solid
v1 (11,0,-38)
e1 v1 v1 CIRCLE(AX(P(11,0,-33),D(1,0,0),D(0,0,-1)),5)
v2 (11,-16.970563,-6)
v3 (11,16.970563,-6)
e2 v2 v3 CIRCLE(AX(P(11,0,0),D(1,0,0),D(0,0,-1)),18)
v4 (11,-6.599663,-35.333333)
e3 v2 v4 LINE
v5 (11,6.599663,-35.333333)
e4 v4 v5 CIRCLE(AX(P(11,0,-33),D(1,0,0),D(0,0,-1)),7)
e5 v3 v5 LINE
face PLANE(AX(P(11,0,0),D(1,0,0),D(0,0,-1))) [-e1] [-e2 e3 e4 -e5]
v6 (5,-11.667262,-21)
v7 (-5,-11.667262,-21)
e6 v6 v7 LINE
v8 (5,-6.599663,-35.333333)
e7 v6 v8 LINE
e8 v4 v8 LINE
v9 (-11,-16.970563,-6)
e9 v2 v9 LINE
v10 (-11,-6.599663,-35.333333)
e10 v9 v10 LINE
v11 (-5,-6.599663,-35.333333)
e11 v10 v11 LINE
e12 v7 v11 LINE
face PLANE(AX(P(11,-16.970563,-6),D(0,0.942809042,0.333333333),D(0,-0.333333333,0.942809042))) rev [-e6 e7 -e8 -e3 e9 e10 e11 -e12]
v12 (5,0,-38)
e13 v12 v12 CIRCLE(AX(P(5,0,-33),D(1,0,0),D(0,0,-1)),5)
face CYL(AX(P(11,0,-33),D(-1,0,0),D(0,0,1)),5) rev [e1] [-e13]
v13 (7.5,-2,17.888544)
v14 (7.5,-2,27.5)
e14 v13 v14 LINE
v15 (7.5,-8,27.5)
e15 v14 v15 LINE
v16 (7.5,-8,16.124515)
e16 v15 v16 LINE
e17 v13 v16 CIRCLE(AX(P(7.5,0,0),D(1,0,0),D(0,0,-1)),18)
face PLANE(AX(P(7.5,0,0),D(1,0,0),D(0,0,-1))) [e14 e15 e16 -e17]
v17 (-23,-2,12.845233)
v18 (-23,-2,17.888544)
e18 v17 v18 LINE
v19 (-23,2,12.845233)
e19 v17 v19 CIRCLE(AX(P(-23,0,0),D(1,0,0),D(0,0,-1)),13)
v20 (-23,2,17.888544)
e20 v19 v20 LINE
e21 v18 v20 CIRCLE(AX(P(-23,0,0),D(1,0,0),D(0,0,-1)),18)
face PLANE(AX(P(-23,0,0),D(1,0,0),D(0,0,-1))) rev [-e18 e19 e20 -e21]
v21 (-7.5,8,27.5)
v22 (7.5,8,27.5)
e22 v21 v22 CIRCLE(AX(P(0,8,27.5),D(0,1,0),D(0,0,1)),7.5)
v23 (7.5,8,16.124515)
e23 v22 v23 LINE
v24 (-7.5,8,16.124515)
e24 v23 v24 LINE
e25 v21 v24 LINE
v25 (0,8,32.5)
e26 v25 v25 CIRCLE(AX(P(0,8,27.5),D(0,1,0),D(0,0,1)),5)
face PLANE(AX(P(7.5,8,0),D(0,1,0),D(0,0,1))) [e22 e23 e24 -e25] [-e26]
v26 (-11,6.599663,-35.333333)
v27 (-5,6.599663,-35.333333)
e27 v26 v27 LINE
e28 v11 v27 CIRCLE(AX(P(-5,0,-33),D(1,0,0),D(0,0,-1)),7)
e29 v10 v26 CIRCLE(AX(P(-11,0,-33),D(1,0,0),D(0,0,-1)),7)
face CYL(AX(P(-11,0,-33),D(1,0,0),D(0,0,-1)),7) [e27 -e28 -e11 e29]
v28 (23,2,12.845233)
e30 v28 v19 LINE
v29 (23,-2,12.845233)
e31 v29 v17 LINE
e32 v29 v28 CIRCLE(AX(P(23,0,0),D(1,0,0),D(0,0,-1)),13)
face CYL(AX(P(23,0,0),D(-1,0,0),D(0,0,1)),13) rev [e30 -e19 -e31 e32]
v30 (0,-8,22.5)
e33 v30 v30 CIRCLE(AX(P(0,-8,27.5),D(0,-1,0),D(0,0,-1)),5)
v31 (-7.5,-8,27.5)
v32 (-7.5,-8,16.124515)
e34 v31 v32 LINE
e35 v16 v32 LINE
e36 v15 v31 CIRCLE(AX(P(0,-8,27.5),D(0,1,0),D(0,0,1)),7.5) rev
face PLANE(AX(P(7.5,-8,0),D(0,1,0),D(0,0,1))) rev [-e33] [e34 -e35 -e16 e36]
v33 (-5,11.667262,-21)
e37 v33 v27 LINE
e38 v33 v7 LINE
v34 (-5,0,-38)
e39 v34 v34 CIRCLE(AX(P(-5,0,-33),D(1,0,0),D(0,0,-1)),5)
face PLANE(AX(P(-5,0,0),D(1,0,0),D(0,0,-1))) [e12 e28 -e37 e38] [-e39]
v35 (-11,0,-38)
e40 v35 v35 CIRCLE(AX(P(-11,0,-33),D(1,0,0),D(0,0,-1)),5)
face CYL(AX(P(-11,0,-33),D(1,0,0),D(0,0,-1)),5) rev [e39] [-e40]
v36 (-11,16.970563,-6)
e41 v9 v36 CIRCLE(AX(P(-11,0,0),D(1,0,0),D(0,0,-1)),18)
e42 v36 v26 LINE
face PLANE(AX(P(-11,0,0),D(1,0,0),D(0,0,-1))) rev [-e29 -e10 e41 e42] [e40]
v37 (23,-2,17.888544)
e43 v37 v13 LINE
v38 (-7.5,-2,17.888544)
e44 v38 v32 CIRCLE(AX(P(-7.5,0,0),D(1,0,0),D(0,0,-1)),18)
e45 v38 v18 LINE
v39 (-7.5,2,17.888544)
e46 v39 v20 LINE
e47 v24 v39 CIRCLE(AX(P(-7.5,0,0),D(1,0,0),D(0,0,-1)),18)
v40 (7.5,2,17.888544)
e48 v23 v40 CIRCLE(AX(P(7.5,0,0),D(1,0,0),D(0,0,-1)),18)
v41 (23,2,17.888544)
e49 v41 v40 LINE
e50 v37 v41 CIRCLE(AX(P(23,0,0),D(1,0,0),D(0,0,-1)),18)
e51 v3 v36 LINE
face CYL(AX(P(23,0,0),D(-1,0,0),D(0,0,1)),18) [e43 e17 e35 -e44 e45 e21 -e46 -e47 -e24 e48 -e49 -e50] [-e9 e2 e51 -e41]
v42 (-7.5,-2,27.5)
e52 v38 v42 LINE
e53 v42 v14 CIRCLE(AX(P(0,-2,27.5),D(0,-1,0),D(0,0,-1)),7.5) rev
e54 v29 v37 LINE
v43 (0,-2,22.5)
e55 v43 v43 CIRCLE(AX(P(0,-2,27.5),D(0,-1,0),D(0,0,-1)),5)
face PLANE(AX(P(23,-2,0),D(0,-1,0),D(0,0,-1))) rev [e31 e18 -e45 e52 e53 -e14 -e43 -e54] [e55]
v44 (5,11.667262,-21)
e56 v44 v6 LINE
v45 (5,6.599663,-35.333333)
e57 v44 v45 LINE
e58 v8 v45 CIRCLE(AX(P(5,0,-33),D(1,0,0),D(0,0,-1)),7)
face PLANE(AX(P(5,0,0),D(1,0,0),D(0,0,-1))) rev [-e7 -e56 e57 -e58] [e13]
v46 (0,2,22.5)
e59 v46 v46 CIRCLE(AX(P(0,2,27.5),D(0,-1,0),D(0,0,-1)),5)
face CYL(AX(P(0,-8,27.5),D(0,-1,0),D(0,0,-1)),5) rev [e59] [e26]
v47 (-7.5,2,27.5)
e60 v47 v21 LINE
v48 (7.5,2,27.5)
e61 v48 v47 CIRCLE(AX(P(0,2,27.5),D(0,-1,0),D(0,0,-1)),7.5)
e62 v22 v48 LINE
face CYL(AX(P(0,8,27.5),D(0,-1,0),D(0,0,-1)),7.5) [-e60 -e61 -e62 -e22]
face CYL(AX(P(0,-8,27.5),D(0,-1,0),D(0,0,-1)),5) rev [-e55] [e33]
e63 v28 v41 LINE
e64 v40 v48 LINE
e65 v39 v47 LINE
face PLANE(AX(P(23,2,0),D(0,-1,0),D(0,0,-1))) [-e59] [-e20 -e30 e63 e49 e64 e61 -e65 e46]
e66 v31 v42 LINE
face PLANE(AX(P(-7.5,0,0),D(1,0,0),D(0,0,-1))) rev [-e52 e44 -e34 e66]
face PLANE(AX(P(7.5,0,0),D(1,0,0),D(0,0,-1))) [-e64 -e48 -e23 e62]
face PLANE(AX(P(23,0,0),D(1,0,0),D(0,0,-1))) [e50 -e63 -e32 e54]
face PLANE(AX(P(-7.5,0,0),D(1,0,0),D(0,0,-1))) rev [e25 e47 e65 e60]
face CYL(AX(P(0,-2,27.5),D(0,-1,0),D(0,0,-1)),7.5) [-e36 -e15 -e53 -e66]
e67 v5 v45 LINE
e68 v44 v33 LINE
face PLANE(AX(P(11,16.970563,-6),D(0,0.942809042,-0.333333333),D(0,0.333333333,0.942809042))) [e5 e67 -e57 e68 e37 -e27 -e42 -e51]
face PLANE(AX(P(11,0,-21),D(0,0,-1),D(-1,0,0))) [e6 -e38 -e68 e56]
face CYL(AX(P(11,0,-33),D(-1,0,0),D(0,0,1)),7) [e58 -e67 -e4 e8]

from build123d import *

# Parameters (mm, degrees)
BOSS_EXTRUDE1_DEPTH    = 23
BOSS_EXTRUDE2_DEPTH    = 11
BOSS_EXTRUDE3_START    = 5
SKETCH1_4_R            = 5.000000000000004
BOSS_EXTRUDE3_DEPTH    = 6
BOSS_EXTRUDE4_START    = -11
SKETCH1_5_R            = 5.000000000000004
BOSS_EXTRUDE4_DEPTH    = 6
BOSS_EXTRUDE5_DEPTH    = 7.5
FILLET1_RADIUS         = 7.5
FILLET1_LENGTH         = 6
FILLET2_RADIUS         = 7.5
FILLET2_LENGTH         = 6
F_10_0MM_DOWEL_HOLE1_D = 10


with BuildPart() as part:
    # Sketch1 → Boss-Extrude1 (new, symmetric)
    with BuildSketch(Plane(origin=(0, 0, 0), x_dir=(0, 0, -1), z_dir=(1, 0, 0))):
        with BuildLine():
            ThreePointArc((18, 0), (14.696938456699069, 10.392304845413266), (5.999999999999998, 16.97056274847714))
            ThreePointArc((5.999999999999998, 16.97056274847714), (-6.763446053329629, 16.68100109357049), (-16.1245154965971, 8.000000000000002))
            ThreePointArc((-16.1245154965971, 8.000000000000002), (-17.269106839051002, 5.077198930654761), (-17.888543819998286, 2.0000000000002958))
            Line((-17.888543819998254, 1.9999999999999998), (-12.845232578665128, 2.0000000000000004))
            ThreePointArc((-12.845232578665128, 2.0000000000000018), (1.0029896503337725, 12.96125039343517), (13, 0))
            ThreePointArc((13, -3.18e-15), (1.0029896503337692, -12.96125039343517), (-12.84523257866513, -1.9999999999999987))
            Line((-12.845232578665128, -2.0000000000000004), (-17.888543819998254, -1.9999999999999998))
            ThreePointArc((-17.888543819998286, -2.0000000000002918), (-17.269106839051005, -5.077198930654757), (-16.124515496597102, -7.999999999999997))
            ThreePointArc((-16.124515496597102, -7.999999999999997), (-6.763446053329637, -16.681001093570487), (5.999999999999995, -16.970562748477143))
            ThreePointArc((5.999999999999995, -16.970562748477143), (14.69693845669907, -10.39230484541326), (18, -4.41e-15))
        make_face()
    extrude(amount=BOSS_EXTRUDE1_DEPTH, both=True)

    # Sketch1<3> → Boss-Extrude2 (add, symmetric)
    with BuildSketch(Plane(origin=(0, 0, 0), x_dir=(0, 0, -1), z_dir=(1, 0, 0))):
        with BuildLine():
            Line((21.000000000000004, 11.667261889578032), (6, 16.97056274847714))
            ThreePointArc((5.999999999999998, 16.97056274847714), (14.696938456699069, 10.392304845413266), (18, 0))
            ThreePointArc((18, -4.41e-15), (14.69693845669907, -10.39230484541326), (5.999999999999995, -16.970562748477143))
            Line((6, -16.97056274847714), (21.000000000000004, -11.667261889578032))
            Line((21.000000000000004, -11.66726188957803), (21.000000000000004, 11.66726188957803))
        make_face()
    extrude(amount=BOSS_EXTRUDE2_DEPTH, both=True)

    # Sketch1<4> → Boss-Extrude3 (add)
    with BuildSketch(Plane(origin=(0, 0, 0), x_dir=(0, 0, -1), z_dir=(1, 0, 0)).offset(BOSS_EXTRUDE3_START)):
        with BuildLine():
            Line((35.333333333333336, 6.599663291074442), (21.000000000000004, 11.667261889578032))
            Line((21.000000000000004, 11.66726188957803), (21.000000000000004, -11.66726188957803))
            Line((21.000000000000004, -11.667261889578032), (35.333333333333336, -6.599663291074442))
            ThreePointArc((35.333333333333336, -6.59966329107444), (40, -2.2e-16), (35.333333333333336, 6.5996632910744415))
        make_face()
        with Locations((33, 0)):
            Circle(SKETCH1_4_R, mode=Mode.SUBTRACT)
    extrude(amount=BOSS_EXTRUDE3_DEPTH)

    # Sketch1<5> → Boss-Extrude4 (add)
    with BuildSketch(Plane(origin=(0, 0, 0), x_dir=(0, 0, -1), z_dir=(1, 0, 0)).offset(BOSS_EXTRUDE4_START)):
        with BuildLine():
            Line((35.333333333333336, 6.599663291074442), (21.000000000000004, 11.667261889578032))
            Line((21.000000000000004, 11.66726188957803), (21.000000000000004, -11.66726188957803))
            Line((21.000000000000004, -11.667261889578032), (35.333333333333336, -6.599663291074442))
            ThreePointArc((35.333333333333336, -6.59966329107444), (40, -2.2e-16), (35.333333333333336, 6.5996632910744415))
        make_face()
        with Locations((33, 0)):
            Circle(SKETCH1_5_R, mode=Mode.SUBTRACT)
    extrude(amount=BOSS_EXTRUDE4_DEPTH)

    # Sketch1<7> → Boss-Extrude5 (add, symmetric)
    with BuildSketch(Plane(origin=(0, 0, 0), x_dir=(0, 0, -1), z_dir=(1, 0, 0))):
        with BuildLine():
            Line((-35, -7.999999999999998), (-16.1245154965971, -7.9999999999999964))
            ThreePointArc((-16.124515496597102, -7.999999999999997), (-17.269106839051005, -5.077198930654757), (-17.888543819998286, -2.0000000000002918))
            Line((-17.888543819998254, -1.9999999999999998), (-35, -1.9999999999999973))
            Line((-35, -1.9999999999999973), (-35, -7.999999999999998))
        make_face()
        with BuildLine():
            ThreePointArc((-17.888543819998286, 2.0000000000002958), (-17.269106839051002, 5.077198930654761), (-16.1245154965971, 8.000000000000002))
            Line((-16.1245154965971, 7.9999999999999964), (-35, 7.999999999999998))
            Line((-35, 7.999999999999998), (-35, 1.9999999999999973))
            Line((-35, 1.9999999999999973), (-17.888543819998254, 1.9999999999999998))
        make_face()
    extrude(amount=BOSS_EXTRUDE5_DEPTH, both=True)

    # Fillet1: full round fillet: the end face becomes a half cylinder, R = half its width
    fillet1_face = Plane((0, -5, 35), x_dir=(0, -1, 0), z_dir=(0, 0, 1))  # on the end face: x along it, z out of the body
    fillet1_slab = fillet1_face.offset(-FILLET1_RADIUS / 2) * Box(FILLET1_LENGTH, 2 * FILLET1_RADIUS, FILLET1_RADIUS, mode=Mode.PRIVATE)  # the body's end, R deep
    fillet1_round = Plane((0, -5, 27.5), x_dir=(0, 0, 1), z_dir=(0, -1, 0)) * Cylinder(FILLET1_RADIUS, FILLET1_LENGTH, mode=Mode.PRIVATE)  # its axis R under the face
    add(fillet1_slab - fillet1_round, mode=Mode.SUBTRACT)

    # Fillet2: full round fillet: the end face becomes a half cylinder, R = half its width
    fillet2_face = Plane((0, 5, 35), x_dir=(0, -1, 0), z_dir=(0, 0, 1))  # on the end face: x along it, z out of the body
    fillet2_slab = fillet2_face.offset(-FILLET2_RADIUS / 2) * Box(FILLET2_LENGTH, 2 * FILLET2_RADIUS, FILLET2_RADIUS, mode=Mode.PRIVATE)  # the body's end, R deep
    fillet2_round = Plane((0, 5, 27.5), x_dir=(0, 0, 1), z_dir=(0, -1, 0)) * Cylinder(FILLET2_RADIUS, FILLET2_LENGTH, mode=Mode.PRIVATE)  # its axis R under the face
    add(fillet2_slab - fillet2_round, mode=Mode.SUBTRACT)

    # Ø10.0mm Dowel Hole1 (through all)
    with Locations(Plane(origin=(0, -8, 27.5), x_dir=(0, 0, -1), z_dir=(0, -1, 0))):
        with Locations((0, 0)):
            Hole(F_10_0MM_DOWEL_HOLE1_D / 2)


solid = part.part
